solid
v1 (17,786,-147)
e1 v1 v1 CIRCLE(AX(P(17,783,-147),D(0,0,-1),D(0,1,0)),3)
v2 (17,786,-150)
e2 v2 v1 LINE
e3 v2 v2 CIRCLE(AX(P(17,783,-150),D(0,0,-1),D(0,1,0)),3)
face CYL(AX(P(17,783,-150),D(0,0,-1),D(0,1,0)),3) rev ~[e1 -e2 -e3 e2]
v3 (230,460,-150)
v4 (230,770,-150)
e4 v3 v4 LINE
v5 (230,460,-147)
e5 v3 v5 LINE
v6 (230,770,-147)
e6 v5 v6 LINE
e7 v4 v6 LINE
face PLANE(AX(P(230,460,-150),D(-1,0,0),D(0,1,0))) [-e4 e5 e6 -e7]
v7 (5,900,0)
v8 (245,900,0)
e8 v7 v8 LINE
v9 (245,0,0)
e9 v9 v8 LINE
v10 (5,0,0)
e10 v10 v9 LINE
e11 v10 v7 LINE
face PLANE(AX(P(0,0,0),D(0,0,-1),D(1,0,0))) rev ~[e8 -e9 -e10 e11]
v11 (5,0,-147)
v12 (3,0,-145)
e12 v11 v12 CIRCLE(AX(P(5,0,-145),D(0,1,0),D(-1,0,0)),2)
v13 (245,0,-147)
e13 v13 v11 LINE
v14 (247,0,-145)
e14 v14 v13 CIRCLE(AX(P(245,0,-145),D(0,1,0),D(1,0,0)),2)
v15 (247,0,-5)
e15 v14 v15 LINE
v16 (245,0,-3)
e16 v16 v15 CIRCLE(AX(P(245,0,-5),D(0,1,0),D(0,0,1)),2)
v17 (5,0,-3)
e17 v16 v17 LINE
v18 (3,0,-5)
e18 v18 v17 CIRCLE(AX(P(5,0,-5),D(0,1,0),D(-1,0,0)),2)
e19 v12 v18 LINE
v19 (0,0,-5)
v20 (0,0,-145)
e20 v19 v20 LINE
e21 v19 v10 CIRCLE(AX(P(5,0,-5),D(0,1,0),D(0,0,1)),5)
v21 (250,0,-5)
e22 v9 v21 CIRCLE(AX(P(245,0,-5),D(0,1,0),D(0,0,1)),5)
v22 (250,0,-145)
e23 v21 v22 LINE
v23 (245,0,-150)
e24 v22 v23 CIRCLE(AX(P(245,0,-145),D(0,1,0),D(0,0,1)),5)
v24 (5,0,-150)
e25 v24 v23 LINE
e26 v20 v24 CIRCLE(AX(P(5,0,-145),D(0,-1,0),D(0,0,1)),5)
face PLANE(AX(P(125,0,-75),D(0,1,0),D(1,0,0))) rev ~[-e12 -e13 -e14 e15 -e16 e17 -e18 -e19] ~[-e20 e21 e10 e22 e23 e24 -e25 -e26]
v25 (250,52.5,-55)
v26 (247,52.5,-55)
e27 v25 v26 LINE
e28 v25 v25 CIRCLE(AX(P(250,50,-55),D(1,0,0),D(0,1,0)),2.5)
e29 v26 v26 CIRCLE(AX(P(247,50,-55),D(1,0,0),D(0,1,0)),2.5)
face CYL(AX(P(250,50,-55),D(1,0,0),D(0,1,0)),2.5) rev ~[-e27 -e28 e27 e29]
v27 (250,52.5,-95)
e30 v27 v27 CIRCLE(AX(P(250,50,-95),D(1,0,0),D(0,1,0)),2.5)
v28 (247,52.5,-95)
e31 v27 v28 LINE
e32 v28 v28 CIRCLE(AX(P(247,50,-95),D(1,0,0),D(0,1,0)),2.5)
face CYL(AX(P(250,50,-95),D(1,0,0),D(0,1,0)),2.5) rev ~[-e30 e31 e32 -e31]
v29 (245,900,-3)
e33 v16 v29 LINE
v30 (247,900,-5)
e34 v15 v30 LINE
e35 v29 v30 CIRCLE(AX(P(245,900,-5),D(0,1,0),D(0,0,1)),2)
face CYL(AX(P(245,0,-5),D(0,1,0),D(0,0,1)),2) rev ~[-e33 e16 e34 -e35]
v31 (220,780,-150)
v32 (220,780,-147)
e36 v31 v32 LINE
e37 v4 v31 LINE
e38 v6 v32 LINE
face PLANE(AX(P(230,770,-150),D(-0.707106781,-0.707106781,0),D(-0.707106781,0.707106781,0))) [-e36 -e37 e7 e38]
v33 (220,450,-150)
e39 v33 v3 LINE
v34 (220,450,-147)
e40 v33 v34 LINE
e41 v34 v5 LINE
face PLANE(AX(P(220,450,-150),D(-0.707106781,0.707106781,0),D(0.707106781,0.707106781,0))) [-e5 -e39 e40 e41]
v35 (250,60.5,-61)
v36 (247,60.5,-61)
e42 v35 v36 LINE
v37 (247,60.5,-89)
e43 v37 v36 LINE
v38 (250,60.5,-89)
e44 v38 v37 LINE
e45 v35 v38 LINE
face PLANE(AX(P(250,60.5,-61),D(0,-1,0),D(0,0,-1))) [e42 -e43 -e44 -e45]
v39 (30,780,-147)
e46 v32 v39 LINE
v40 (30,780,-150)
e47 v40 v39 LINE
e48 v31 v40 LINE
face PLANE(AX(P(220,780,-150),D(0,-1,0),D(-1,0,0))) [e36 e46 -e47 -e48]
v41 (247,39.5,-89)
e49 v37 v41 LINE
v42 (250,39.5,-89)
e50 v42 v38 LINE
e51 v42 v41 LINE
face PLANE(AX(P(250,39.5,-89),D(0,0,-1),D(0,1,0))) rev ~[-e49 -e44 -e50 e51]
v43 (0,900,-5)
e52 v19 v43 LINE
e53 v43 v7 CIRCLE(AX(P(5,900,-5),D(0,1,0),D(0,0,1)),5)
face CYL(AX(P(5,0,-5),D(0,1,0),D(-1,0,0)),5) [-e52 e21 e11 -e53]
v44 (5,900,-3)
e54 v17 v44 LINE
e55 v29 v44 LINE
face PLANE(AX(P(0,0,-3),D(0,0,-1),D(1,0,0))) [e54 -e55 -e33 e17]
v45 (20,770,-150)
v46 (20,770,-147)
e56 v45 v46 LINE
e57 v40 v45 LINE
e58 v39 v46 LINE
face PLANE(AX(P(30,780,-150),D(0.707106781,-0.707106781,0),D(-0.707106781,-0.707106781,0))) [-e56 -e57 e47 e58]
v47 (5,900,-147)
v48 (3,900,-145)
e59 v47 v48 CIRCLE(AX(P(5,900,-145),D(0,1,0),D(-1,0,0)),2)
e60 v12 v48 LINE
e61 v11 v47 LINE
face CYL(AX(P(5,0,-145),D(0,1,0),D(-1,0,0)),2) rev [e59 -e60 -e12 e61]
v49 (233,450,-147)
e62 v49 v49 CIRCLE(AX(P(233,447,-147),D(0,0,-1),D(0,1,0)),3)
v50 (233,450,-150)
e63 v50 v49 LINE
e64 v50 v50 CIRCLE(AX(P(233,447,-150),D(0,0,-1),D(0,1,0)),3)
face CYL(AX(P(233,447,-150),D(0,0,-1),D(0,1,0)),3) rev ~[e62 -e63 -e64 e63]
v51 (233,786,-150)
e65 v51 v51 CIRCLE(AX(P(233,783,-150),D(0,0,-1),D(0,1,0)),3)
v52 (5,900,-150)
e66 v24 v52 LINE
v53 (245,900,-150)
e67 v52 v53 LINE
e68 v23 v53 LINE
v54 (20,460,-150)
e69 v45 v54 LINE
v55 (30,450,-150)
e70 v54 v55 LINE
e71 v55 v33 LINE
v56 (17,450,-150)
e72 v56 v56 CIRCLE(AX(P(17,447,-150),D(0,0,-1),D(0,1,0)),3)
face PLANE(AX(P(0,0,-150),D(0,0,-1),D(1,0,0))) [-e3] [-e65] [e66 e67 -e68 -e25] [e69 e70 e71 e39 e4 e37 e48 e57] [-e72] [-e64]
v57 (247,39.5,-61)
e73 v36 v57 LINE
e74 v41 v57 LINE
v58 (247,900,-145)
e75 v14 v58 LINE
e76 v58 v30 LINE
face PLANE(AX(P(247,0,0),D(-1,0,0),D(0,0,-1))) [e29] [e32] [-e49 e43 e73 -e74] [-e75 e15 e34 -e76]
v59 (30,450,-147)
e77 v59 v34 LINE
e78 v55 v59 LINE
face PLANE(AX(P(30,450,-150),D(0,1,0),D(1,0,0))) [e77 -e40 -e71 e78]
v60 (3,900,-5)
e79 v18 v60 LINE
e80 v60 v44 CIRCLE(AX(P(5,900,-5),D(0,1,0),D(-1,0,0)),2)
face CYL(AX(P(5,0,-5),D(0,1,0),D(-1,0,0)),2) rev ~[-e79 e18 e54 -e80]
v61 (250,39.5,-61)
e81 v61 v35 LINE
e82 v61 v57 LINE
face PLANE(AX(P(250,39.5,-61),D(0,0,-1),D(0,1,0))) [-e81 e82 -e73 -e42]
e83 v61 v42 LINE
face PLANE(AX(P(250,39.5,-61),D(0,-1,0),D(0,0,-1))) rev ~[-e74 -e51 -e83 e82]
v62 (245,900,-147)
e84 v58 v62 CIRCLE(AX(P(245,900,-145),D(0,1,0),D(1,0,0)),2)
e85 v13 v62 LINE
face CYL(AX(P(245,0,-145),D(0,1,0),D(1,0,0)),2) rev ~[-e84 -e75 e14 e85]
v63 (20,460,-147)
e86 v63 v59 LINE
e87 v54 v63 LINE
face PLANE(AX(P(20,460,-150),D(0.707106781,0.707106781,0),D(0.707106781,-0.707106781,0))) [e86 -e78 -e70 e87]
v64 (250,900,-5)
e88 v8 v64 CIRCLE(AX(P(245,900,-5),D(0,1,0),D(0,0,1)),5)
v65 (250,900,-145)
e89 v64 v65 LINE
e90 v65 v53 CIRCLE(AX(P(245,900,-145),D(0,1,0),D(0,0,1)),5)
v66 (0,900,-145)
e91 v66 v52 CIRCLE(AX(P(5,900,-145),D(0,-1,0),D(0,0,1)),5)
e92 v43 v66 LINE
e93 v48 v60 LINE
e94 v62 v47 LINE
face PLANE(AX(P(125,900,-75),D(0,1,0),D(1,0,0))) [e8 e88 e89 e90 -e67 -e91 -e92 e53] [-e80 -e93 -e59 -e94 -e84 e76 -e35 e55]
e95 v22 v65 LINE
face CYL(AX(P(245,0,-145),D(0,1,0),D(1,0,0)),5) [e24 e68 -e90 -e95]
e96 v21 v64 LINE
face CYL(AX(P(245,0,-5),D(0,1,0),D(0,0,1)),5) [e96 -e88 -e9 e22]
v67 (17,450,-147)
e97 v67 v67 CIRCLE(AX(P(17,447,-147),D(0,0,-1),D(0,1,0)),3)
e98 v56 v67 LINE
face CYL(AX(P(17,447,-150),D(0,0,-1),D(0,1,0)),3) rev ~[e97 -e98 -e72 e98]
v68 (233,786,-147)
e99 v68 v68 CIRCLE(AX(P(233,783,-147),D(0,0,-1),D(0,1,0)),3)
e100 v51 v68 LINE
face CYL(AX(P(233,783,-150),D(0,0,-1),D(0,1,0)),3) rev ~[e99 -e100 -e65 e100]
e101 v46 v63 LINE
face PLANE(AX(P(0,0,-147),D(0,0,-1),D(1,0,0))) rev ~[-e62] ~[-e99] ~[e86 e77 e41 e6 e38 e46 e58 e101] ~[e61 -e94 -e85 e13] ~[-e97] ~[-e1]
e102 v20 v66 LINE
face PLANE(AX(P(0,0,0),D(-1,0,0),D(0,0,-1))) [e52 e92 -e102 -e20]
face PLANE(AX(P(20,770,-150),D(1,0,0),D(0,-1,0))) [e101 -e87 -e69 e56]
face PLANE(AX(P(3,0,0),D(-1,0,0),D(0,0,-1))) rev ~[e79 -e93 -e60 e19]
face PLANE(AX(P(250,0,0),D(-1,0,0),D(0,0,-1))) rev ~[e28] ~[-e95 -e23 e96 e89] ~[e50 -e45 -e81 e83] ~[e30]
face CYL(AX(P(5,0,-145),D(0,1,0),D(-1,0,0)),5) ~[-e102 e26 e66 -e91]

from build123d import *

# Parameters (mm, degrees)
ESQUISSE1_W             = 250
ESQUISSE1_H             = 150
BASE_EXTRUSION_DEPTH    = 900
CONG_2_R                = 5
COQUE1_T                = -3
ENL_V_MAT_EXTRU_2_DEPTH = 10
ESQUISSE4_R             = 3
ENL_V_MAT_EXTRU_3_DEPTH = 10
ESQUISSE6_R             = 2.5
ESQUISSE6_W             = 28
ESQUISSE6_H             = 21
ENL_V_MAT_EXTRU_4_DEPTH = 8


with BuildPart() as part:
    # Esquisse1 → Base-Extrusion (new body)
    with BuildSketch(Plane(origin=(0, 0, 0), x_dir=(1, 0, 0), z_dir=(0, 1, 0))):
        with Locations((125, 75)):
            Rectangle(ESQUISSE1_W, ESQUISSE1_H)
    extrude(amount=BASE_EXTRUSION_DEPTH)

    # Congé2
    cong_2_edges = [part.edges().sort_by_distance(p)[0] for p in [
        (0, 450, 0),
        (250, 450, 0),
        (250, 450, -150),
        (0, 450, -150),
    ]]
    fillet(cong_2_edges, radius=CONG_2_R)

    # Coque1
    coque1_openings = [part.faces().sort_by_distance(p)[0] for p in [
        (125, 0, -75),
        (125, 900, -75),
    ]]
    offset(amount=COQUE1_T, openings=coque1_openings, kind=Kind.INTERSECTION)

    # Esquisse3 → Enlèv. mat.-Extru.2 (cut)
    with BuildSketch(Plane(origin=(0, 0, -150), x_dir=(-1, 0, 0), z_dir=(0, 0, -1))):
        Polygon((-230, 770), (-220, 780), (-30, 780), (-20, 770), (-20, 460), (-30, 450), (-220, 450), (-230, 460), align=None)
    extrude(amount=-ENL_V_MAT_EXTRU_2_DEPTH, mode=Mode.SUBTRACT)

    # Esquisse4 → Enlèv. mat.-Extru.3 (cut)
    with BuildSketch(Plane(origin=(0, 0, -150), x_dir=(-1, 0, 0), z_dir=(0, 0, -1))):
        with Locations(Location((-17, 783, 0), (0, 0, 90))):
            Circle(ESQUISSE4_R)
        with Locations(Location((-17, 447, 0), (0, 0, 90))):
            Circle(ESQUISSE4_R)
        with Locations(Location((-233, 783, 0), (0, 0, 90))):
            Circle(ESQUISSE4_R)
        with Locations(Location((-233, 447, 0), (0, 0, 90))):
            Circle(ESQUISSE4_R)
    extrude(amount=-ENL_V_MAT_EXTRU_3_DEPTH, mode=Mode.SUBTRACT)

    # Esquisse6 → Enlèv. mat.-Extru.4 (cut)
    with BuildSketch(Plane(origin=(250, 0, 0), x_dir=(0, 0, -1), z_dir=(1, 0, 0))):
        with Locations(Location((95, 50, 0), (0, 0, 90))):
            Circle(ESQUISSE6_R)
        with Locations(Location((55, 50, 0), (0, 0, 90))):
            Circle(ESQUISSE6_R)
        with Locations((75, 50)):
            Rectangle(ESQUISSE6_W, ESQUISSE6_H)
    extrude(amount=-ENL_V_MAT_EXTRU_4_DEPTH, mode=Mode.SUBTRACT)


solid = part.part
